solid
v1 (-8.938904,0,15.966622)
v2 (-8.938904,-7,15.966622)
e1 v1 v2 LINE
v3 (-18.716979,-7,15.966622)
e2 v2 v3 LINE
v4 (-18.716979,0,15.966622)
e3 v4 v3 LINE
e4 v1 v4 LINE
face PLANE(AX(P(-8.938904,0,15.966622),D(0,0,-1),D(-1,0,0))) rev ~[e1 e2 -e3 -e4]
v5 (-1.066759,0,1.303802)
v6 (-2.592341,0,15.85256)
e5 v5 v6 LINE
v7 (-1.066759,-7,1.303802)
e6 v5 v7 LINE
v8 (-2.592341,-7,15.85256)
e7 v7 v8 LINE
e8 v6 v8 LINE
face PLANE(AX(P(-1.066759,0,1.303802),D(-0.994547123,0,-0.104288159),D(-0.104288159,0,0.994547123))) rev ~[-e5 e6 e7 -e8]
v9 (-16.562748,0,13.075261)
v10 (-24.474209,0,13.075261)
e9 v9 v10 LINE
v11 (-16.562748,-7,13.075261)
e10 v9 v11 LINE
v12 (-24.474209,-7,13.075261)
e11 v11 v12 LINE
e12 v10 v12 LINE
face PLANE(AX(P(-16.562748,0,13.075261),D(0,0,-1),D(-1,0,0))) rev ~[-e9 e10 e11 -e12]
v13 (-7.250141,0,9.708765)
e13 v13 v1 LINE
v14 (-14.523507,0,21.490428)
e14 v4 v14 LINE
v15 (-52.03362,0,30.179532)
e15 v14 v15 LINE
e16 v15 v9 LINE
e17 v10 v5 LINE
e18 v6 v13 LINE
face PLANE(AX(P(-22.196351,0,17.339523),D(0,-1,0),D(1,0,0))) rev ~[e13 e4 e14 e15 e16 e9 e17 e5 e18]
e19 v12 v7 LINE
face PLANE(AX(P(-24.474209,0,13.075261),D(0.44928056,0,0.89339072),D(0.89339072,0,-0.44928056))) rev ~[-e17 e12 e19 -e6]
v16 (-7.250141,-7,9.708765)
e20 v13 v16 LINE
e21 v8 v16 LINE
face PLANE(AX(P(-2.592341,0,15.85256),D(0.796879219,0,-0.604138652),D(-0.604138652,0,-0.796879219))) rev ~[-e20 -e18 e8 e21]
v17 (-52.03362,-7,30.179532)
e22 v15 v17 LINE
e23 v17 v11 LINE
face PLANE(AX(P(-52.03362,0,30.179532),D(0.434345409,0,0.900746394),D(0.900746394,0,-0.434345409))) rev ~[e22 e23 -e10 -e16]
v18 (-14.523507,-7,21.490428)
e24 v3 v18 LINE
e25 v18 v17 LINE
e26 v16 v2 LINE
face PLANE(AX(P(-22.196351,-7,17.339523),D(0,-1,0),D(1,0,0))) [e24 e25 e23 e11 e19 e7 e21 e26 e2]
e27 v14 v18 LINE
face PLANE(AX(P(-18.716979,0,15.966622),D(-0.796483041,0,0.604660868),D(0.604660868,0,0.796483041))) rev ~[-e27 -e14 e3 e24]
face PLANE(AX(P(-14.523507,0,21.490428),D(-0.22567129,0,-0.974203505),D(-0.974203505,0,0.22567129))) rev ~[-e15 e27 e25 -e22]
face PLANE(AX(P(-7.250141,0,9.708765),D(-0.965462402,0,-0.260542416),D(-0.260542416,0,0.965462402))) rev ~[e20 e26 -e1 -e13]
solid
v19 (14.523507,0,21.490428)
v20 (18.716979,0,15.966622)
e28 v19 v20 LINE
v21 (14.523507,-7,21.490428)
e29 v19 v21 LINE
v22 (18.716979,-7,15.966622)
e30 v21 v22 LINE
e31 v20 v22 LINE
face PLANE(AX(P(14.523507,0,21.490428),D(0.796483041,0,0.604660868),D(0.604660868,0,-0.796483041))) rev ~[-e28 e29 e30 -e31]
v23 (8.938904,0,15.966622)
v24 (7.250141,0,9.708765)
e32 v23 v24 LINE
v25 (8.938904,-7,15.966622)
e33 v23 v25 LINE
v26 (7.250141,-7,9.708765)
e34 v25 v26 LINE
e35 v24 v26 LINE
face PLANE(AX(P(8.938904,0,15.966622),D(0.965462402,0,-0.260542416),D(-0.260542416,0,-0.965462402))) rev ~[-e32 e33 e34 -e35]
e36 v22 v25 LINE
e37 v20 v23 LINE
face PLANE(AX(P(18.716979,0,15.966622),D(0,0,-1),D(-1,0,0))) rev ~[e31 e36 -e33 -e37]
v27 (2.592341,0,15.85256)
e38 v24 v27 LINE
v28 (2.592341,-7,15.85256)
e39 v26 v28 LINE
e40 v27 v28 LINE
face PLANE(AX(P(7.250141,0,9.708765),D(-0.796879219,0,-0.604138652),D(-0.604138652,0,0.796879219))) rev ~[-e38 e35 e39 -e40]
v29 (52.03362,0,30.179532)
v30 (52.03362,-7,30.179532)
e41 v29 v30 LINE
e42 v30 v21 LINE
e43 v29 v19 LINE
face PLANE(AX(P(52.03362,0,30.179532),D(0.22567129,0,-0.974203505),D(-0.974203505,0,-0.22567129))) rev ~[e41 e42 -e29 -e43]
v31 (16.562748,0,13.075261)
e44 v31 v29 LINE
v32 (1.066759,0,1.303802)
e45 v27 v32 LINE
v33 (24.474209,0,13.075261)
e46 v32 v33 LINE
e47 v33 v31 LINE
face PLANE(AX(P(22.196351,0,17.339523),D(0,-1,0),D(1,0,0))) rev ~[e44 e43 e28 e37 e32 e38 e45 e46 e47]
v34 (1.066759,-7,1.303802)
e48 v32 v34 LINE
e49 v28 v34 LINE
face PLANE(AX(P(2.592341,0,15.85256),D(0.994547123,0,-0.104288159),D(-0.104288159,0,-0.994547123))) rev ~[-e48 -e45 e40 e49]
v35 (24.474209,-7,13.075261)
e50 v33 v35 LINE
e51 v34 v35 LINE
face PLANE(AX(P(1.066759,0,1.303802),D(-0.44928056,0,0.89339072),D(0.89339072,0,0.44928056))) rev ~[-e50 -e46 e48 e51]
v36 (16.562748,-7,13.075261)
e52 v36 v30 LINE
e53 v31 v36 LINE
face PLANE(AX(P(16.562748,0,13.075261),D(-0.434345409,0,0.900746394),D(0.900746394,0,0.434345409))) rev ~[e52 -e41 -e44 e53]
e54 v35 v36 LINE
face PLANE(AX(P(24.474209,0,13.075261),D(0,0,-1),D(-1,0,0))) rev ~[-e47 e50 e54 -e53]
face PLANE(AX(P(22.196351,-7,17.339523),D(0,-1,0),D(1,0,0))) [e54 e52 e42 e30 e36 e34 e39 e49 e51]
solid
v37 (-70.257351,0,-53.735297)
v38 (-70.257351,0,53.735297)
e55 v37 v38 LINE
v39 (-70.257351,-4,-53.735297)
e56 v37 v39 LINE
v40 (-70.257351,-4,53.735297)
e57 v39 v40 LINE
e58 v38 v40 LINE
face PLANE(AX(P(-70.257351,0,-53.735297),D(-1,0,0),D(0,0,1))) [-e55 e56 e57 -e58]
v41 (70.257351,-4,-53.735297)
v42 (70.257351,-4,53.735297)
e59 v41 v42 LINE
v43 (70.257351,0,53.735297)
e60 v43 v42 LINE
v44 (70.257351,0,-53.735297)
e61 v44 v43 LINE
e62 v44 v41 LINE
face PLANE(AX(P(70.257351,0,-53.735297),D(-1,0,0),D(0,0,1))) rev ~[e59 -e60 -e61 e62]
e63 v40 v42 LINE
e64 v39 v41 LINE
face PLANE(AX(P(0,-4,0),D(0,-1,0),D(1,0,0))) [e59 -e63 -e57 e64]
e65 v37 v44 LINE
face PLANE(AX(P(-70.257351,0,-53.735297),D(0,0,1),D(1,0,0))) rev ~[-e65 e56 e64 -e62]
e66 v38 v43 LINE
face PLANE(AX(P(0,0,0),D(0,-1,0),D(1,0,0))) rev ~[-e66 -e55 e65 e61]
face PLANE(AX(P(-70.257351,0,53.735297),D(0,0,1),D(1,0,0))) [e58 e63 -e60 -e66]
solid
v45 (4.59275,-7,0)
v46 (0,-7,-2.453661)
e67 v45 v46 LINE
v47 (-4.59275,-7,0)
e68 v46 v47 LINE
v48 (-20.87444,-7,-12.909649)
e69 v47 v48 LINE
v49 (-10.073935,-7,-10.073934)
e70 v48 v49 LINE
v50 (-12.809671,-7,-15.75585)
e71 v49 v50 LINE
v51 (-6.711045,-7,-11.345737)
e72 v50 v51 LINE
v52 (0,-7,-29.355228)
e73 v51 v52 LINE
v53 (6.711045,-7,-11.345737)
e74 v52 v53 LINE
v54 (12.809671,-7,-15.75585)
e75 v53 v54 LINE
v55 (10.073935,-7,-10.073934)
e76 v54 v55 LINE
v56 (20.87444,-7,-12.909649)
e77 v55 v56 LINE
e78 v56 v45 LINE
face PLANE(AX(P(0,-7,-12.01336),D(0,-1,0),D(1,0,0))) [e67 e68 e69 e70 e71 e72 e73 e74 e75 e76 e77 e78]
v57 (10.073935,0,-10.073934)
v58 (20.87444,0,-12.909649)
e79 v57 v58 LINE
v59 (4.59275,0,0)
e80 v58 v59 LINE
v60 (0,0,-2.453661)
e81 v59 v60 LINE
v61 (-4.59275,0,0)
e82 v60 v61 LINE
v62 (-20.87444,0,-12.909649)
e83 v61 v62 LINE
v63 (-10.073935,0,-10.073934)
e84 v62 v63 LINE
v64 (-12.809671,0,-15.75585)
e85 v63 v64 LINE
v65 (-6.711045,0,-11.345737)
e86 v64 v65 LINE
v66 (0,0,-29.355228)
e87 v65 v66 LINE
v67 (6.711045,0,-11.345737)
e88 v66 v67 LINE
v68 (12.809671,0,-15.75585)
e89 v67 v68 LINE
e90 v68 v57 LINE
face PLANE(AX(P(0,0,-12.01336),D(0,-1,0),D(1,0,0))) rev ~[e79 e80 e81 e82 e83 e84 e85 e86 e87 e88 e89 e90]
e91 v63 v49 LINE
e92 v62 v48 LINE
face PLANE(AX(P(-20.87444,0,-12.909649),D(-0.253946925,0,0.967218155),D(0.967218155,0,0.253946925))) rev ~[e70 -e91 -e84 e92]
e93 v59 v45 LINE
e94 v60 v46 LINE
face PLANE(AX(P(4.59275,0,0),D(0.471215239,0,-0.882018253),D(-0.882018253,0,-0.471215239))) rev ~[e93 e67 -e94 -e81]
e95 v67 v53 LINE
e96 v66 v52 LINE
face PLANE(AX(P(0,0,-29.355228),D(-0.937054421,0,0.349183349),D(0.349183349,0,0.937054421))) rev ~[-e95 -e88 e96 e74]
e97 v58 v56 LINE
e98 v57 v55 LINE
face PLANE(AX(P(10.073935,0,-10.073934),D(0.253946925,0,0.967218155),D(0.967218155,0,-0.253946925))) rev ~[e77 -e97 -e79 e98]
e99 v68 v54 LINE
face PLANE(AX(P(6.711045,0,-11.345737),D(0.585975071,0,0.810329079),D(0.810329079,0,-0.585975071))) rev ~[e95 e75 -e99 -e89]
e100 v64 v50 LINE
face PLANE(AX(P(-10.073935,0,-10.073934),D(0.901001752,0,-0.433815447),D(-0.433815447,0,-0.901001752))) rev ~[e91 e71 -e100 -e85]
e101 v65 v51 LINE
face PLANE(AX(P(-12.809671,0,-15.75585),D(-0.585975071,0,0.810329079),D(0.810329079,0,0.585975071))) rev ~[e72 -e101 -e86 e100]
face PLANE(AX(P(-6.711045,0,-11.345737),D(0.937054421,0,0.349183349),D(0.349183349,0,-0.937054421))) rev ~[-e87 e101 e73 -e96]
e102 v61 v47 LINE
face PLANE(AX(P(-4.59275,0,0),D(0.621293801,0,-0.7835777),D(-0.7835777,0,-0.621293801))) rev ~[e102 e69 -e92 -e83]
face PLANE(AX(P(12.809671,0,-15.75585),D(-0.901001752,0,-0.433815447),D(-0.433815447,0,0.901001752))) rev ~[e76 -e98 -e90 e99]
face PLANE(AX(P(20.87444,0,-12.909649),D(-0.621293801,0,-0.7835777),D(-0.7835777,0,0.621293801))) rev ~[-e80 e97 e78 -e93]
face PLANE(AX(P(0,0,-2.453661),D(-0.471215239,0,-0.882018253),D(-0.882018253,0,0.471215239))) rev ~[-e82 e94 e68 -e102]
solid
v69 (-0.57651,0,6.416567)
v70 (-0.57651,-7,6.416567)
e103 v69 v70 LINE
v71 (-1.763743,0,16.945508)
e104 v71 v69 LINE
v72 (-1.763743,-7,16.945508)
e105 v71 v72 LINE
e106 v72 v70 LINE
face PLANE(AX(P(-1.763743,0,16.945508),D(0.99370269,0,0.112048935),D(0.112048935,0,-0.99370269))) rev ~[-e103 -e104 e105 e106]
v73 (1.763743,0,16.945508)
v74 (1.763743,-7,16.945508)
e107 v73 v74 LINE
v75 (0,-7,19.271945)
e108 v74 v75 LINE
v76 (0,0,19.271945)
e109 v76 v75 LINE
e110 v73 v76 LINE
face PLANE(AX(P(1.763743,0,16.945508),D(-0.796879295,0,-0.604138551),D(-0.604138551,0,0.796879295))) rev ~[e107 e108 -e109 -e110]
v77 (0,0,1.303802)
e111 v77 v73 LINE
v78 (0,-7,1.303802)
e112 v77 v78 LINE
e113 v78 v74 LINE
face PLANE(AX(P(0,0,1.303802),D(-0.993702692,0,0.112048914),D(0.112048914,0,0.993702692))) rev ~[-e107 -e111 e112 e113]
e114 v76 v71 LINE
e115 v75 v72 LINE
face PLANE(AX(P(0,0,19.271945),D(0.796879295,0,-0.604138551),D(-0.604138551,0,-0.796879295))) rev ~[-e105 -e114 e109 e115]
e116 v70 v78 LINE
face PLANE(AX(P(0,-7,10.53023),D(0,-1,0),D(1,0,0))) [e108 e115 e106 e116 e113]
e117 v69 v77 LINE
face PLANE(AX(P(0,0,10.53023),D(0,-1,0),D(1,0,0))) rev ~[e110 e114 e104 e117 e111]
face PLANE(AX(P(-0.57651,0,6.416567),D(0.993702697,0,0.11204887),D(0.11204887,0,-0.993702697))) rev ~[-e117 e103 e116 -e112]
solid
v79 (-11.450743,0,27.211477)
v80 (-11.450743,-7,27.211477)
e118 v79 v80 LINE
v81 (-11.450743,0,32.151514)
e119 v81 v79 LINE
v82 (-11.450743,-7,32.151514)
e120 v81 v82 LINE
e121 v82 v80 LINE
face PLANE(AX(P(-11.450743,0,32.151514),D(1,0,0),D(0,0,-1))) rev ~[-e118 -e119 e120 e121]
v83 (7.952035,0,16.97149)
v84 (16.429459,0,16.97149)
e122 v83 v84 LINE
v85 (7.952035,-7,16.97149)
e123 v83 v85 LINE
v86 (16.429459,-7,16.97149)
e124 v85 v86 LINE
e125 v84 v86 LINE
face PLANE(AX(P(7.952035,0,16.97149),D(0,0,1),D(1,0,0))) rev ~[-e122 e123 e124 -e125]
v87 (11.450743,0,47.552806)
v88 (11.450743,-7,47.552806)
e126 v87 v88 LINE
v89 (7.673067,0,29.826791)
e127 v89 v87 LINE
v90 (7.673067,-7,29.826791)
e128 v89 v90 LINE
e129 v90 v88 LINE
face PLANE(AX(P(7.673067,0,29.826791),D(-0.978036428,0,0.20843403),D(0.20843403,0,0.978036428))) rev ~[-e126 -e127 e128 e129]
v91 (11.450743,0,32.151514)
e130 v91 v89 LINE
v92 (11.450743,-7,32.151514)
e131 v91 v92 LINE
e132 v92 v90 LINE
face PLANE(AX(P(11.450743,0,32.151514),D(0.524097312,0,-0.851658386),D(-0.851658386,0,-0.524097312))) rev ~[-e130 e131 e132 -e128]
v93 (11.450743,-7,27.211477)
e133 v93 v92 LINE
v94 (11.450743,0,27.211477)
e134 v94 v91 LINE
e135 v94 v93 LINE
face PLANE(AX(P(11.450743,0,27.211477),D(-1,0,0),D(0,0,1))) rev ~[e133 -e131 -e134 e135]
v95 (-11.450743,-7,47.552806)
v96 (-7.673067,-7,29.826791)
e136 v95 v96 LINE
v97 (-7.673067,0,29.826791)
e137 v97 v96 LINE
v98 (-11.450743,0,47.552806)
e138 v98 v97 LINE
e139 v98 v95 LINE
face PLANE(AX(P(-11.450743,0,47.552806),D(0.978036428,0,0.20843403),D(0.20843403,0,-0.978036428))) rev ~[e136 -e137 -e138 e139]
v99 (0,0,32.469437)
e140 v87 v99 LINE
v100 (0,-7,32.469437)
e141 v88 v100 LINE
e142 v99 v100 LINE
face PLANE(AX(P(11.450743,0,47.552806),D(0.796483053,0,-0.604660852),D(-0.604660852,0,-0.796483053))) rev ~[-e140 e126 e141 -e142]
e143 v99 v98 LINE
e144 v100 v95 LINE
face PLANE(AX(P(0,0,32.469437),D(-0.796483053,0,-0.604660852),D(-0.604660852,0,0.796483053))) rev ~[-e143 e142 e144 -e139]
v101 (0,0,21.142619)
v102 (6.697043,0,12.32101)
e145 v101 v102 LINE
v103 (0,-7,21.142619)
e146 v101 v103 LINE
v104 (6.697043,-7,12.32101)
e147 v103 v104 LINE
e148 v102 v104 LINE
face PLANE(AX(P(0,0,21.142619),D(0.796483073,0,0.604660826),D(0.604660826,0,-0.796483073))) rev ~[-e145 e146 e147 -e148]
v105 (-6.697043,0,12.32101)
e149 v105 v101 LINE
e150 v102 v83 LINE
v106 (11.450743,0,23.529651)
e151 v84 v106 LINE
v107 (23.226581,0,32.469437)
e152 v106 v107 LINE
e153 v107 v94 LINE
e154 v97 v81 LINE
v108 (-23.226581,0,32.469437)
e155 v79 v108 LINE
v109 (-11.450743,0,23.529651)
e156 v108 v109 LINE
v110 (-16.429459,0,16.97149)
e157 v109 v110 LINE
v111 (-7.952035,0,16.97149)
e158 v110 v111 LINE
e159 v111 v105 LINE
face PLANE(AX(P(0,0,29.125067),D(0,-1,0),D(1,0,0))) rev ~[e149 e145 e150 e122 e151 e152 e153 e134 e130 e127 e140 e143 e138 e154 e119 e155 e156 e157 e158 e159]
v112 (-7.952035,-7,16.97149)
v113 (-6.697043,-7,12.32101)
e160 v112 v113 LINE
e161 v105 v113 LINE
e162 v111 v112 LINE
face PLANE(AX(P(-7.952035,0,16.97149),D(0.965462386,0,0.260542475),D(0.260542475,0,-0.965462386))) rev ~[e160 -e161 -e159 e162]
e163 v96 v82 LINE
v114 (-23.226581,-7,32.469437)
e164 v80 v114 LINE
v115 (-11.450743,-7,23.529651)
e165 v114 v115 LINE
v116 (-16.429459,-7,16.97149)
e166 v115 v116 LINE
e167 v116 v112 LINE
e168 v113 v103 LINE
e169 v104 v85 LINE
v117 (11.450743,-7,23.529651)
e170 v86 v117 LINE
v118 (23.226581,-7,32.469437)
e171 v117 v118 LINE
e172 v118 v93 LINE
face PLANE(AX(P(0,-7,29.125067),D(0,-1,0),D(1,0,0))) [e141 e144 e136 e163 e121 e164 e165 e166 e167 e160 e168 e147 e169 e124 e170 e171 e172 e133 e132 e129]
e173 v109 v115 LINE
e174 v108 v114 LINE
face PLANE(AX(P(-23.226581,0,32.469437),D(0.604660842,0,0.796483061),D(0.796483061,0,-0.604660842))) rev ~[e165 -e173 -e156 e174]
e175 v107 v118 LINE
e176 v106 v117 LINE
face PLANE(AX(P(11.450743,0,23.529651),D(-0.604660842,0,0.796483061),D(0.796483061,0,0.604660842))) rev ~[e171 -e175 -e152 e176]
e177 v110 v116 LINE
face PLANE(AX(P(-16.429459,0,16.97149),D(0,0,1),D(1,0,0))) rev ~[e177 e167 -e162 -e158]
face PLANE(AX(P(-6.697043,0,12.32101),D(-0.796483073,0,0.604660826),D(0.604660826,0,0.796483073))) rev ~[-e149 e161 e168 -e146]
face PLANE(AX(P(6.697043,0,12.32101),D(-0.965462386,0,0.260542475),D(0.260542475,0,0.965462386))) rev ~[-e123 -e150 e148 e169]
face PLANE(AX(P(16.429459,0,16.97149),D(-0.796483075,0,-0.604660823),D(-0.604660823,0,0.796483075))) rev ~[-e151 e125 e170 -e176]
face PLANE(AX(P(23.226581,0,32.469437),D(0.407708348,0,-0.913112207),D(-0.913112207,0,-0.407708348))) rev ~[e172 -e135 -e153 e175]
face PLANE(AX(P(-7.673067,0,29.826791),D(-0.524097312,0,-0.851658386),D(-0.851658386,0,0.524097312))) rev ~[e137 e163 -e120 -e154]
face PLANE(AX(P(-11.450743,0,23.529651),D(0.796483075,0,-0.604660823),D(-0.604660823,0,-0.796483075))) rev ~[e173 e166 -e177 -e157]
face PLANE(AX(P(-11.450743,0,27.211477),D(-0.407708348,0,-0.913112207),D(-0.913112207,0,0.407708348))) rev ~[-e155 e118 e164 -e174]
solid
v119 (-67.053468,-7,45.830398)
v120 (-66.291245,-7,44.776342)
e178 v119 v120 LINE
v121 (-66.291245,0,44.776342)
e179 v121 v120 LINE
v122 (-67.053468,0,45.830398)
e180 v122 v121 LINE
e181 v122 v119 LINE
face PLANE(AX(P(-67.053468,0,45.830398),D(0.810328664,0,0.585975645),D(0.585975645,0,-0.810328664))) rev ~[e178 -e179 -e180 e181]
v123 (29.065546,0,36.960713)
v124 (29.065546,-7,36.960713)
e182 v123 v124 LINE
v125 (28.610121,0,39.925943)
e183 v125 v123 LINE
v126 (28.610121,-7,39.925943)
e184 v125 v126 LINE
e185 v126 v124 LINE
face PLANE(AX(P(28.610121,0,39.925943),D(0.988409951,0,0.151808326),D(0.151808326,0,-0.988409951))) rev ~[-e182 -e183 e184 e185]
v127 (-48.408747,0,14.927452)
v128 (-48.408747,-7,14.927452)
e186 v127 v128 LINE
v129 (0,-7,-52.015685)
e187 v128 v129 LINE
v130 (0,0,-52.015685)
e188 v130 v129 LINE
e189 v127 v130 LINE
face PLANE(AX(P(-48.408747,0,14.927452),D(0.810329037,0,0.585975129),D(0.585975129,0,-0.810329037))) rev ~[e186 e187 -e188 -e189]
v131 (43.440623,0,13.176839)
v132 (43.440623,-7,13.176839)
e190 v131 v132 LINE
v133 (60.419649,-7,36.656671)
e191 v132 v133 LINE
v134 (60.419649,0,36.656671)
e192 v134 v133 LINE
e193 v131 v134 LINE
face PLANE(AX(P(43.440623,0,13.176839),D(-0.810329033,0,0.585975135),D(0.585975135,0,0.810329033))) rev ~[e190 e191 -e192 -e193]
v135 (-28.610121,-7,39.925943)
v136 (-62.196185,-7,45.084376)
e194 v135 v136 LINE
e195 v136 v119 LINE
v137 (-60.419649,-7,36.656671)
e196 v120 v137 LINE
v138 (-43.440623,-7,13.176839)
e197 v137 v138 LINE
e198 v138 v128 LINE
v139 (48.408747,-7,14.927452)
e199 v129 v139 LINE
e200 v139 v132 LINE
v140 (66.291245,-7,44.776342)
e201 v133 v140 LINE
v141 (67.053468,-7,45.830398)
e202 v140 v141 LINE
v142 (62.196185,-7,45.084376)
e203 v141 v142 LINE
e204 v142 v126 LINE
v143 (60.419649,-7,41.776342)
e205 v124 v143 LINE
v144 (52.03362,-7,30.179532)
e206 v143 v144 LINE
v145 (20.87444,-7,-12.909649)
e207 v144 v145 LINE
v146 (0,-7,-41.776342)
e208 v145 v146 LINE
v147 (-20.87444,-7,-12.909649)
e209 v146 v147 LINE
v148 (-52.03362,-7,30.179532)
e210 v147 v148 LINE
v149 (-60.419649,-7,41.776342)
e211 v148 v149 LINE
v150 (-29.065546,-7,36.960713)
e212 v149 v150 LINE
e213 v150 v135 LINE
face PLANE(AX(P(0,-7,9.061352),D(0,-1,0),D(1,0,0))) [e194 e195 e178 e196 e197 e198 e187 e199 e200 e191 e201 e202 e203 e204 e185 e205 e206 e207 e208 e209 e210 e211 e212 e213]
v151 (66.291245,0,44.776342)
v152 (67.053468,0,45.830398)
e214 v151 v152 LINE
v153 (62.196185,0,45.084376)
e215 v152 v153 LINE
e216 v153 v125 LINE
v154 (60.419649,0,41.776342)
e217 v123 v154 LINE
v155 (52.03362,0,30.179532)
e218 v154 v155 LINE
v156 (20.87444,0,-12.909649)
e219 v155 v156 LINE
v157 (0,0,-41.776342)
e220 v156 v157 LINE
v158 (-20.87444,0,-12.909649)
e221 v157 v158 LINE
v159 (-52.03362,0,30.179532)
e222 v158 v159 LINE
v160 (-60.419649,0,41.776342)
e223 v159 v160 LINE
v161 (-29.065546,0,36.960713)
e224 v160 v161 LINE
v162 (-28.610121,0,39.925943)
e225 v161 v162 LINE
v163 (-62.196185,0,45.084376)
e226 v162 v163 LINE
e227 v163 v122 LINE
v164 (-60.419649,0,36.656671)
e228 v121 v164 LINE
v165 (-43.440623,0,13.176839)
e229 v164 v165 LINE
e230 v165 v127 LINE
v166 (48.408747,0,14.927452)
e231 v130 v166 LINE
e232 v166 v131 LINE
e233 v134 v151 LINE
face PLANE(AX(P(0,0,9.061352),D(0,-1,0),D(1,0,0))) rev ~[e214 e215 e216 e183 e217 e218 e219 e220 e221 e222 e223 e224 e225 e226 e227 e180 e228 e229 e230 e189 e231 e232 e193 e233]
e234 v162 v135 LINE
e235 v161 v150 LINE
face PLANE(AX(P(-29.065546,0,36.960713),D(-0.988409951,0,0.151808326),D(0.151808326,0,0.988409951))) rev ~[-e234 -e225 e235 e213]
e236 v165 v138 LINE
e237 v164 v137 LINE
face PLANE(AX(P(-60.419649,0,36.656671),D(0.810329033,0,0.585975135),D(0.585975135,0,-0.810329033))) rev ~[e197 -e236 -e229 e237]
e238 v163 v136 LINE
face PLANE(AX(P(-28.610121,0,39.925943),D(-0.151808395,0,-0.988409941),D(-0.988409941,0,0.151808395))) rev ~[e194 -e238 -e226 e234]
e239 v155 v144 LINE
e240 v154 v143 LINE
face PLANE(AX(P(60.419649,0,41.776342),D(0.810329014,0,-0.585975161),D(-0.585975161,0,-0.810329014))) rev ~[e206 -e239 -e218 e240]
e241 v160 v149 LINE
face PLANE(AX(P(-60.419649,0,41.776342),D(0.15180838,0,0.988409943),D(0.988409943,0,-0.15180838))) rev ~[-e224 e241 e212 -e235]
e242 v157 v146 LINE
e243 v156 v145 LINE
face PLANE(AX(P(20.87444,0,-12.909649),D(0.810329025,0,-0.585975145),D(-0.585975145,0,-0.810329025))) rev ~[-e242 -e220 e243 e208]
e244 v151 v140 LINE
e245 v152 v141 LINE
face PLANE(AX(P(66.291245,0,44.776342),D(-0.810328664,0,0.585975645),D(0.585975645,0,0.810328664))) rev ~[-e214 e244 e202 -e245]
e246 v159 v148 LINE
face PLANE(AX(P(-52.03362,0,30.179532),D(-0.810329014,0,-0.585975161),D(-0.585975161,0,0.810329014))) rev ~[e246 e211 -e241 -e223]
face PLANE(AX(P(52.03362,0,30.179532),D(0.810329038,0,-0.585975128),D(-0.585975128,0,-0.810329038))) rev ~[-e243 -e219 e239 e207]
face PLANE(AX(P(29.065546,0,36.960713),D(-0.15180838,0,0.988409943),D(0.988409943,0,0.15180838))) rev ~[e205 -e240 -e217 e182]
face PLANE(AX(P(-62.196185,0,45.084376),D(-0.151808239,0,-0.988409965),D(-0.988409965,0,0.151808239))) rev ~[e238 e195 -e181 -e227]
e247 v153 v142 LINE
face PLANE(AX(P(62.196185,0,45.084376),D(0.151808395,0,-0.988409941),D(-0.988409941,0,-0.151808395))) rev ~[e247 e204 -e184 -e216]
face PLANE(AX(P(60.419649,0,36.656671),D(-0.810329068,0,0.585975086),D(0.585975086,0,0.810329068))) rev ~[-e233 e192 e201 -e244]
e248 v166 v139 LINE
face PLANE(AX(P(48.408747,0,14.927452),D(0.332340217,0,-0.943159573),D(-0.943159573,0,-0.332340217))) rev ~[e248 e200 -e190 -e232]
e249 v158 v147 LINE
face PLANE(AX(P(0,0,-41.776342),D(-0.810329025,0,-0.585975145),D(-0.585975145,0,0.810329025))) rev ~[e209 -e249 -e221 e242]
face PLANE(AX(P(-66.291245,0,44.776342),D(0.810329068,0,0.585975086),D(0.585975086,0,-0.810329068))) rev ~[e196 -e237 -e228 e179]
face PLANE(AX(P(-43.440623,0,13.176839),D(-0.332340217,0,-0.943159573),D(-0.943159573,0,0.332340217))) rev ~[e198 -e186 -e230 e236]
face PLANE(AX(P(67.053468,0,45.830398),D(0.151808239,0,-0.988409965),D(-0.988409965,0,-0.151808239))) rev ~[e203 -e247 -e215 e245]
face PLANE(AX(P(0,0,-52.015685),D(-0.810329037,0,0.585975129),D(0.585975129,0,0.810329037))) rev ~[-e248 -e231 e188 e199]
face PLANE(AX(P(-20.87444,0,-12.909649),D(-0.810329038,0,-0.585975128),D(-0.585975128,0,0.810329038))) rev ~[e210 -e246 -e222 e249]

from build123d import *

# Parameters (mm, degrees)
F1_DEPTH = 7
F2_W     = 140.514702
F2_H     = 107.470594
F3_DEPTH = 4


with BuildPart() as f1:
    # F0 (on Front) → F1 (new body)
    with BuildSketch(Plane.XZ):
        Polygon((11.450743, 47.552806), (0, 32.469437), (-11.450743, 47.552806), (-7.673067, 29.826791), (-11.450743, 32.151514), (-11.450743, 27.211477), (-23.226581, 32.469437), (-11.450743, 23.529651), (-16.429459, 16.97149), (-7.952035, 16.97149), (-6.697043, 12.32101), (0, 21.142619), (6.697043, 12.32101), (7.952035, 16.97149), (16.429459, 16.97149), (11.450743, 23.529651), (23.226581, 32.469437), (11.450743, 27.211477), (11.450743, 32.151514), (7.673067, 29.826791), align=None)
        Polygon((-14.523507, 21.490428), (-52.03362, 30.179532), (-16.562748, 13.075261), (-24.474209, 13.075261), (-1.066759, 1.303802), (-2.592341, 15.85256), (-7.250141, 9.708765), (-8.938904, 15.966622), (-16.942418, 15.966622), (-18.716979, 15.966622), align=None)
        Polygon((-0.57651, 6.416567), (0, 1.303802), (1.763743, 16.945508), (0, 19.271945), (-1.763743, 16.945508), align=None)
        Polygon((16.562748, 13.075261), (52.03362, 30.179532), (14.523507, 21.490428), (18.716979, 15.966622), (16.942418, 15.966622), (8.938904, 15.966622), (7.250141, 9.708765), (2.592341, 15.85256), (1.066759, 1.303802), (24.474209, 13.075261), align=None)
        Polygon((-52.03362, 30.179532), (-60.419649, 41.776342), (-29.065546, 36.960713), (-28.610121, 39.925943), (-62.196185, 45.084376), (-67.053468, 45.830398), (-66.291245, 44.776342), (-60.419649, 36.656671), (-43.440623, 13.176839), (-48.408747, 14.927452), (0, -52.015685), (48.408747, 14.927452), (43.440623, 13.176839), (60.419649, 36.656671), (66.291245, 44.776342), (67.053468, 45.830398), (62.196185, 45.084376), (28.610121, 39.925943), (29.065546, 36.960713), (60.419649, 41.776342), (52.03362, 30.179532), (20.87444, -12.909649), (0, -41.776342), (-20.87444, -12.909649), align=None)
        Polygon((-4.59275, 0), (-20.87444, -12.909649), (-10.073935, -10.073934), (-12.809671, -15.75585), (-6.711045, -11.345737), (0, -29.355228), (6.711045, -11.345737), (12.809671, -15.75585), (10.073935, -10.073934), (20.87444, -12.909649), (4.59275, 0), (0, -2.453661), align=None)
    extrude(amount=F1_DEPTH)


with BuildPart() as f3:
    # F2 (on Front) → F3 (new body)
    with BuildSketch(Plane.XZ):
        Rectangle(F2_W, F2_H)
    extrude(amount=F3_DEPTH)


solid = Compound([f1.part, f3.part])
